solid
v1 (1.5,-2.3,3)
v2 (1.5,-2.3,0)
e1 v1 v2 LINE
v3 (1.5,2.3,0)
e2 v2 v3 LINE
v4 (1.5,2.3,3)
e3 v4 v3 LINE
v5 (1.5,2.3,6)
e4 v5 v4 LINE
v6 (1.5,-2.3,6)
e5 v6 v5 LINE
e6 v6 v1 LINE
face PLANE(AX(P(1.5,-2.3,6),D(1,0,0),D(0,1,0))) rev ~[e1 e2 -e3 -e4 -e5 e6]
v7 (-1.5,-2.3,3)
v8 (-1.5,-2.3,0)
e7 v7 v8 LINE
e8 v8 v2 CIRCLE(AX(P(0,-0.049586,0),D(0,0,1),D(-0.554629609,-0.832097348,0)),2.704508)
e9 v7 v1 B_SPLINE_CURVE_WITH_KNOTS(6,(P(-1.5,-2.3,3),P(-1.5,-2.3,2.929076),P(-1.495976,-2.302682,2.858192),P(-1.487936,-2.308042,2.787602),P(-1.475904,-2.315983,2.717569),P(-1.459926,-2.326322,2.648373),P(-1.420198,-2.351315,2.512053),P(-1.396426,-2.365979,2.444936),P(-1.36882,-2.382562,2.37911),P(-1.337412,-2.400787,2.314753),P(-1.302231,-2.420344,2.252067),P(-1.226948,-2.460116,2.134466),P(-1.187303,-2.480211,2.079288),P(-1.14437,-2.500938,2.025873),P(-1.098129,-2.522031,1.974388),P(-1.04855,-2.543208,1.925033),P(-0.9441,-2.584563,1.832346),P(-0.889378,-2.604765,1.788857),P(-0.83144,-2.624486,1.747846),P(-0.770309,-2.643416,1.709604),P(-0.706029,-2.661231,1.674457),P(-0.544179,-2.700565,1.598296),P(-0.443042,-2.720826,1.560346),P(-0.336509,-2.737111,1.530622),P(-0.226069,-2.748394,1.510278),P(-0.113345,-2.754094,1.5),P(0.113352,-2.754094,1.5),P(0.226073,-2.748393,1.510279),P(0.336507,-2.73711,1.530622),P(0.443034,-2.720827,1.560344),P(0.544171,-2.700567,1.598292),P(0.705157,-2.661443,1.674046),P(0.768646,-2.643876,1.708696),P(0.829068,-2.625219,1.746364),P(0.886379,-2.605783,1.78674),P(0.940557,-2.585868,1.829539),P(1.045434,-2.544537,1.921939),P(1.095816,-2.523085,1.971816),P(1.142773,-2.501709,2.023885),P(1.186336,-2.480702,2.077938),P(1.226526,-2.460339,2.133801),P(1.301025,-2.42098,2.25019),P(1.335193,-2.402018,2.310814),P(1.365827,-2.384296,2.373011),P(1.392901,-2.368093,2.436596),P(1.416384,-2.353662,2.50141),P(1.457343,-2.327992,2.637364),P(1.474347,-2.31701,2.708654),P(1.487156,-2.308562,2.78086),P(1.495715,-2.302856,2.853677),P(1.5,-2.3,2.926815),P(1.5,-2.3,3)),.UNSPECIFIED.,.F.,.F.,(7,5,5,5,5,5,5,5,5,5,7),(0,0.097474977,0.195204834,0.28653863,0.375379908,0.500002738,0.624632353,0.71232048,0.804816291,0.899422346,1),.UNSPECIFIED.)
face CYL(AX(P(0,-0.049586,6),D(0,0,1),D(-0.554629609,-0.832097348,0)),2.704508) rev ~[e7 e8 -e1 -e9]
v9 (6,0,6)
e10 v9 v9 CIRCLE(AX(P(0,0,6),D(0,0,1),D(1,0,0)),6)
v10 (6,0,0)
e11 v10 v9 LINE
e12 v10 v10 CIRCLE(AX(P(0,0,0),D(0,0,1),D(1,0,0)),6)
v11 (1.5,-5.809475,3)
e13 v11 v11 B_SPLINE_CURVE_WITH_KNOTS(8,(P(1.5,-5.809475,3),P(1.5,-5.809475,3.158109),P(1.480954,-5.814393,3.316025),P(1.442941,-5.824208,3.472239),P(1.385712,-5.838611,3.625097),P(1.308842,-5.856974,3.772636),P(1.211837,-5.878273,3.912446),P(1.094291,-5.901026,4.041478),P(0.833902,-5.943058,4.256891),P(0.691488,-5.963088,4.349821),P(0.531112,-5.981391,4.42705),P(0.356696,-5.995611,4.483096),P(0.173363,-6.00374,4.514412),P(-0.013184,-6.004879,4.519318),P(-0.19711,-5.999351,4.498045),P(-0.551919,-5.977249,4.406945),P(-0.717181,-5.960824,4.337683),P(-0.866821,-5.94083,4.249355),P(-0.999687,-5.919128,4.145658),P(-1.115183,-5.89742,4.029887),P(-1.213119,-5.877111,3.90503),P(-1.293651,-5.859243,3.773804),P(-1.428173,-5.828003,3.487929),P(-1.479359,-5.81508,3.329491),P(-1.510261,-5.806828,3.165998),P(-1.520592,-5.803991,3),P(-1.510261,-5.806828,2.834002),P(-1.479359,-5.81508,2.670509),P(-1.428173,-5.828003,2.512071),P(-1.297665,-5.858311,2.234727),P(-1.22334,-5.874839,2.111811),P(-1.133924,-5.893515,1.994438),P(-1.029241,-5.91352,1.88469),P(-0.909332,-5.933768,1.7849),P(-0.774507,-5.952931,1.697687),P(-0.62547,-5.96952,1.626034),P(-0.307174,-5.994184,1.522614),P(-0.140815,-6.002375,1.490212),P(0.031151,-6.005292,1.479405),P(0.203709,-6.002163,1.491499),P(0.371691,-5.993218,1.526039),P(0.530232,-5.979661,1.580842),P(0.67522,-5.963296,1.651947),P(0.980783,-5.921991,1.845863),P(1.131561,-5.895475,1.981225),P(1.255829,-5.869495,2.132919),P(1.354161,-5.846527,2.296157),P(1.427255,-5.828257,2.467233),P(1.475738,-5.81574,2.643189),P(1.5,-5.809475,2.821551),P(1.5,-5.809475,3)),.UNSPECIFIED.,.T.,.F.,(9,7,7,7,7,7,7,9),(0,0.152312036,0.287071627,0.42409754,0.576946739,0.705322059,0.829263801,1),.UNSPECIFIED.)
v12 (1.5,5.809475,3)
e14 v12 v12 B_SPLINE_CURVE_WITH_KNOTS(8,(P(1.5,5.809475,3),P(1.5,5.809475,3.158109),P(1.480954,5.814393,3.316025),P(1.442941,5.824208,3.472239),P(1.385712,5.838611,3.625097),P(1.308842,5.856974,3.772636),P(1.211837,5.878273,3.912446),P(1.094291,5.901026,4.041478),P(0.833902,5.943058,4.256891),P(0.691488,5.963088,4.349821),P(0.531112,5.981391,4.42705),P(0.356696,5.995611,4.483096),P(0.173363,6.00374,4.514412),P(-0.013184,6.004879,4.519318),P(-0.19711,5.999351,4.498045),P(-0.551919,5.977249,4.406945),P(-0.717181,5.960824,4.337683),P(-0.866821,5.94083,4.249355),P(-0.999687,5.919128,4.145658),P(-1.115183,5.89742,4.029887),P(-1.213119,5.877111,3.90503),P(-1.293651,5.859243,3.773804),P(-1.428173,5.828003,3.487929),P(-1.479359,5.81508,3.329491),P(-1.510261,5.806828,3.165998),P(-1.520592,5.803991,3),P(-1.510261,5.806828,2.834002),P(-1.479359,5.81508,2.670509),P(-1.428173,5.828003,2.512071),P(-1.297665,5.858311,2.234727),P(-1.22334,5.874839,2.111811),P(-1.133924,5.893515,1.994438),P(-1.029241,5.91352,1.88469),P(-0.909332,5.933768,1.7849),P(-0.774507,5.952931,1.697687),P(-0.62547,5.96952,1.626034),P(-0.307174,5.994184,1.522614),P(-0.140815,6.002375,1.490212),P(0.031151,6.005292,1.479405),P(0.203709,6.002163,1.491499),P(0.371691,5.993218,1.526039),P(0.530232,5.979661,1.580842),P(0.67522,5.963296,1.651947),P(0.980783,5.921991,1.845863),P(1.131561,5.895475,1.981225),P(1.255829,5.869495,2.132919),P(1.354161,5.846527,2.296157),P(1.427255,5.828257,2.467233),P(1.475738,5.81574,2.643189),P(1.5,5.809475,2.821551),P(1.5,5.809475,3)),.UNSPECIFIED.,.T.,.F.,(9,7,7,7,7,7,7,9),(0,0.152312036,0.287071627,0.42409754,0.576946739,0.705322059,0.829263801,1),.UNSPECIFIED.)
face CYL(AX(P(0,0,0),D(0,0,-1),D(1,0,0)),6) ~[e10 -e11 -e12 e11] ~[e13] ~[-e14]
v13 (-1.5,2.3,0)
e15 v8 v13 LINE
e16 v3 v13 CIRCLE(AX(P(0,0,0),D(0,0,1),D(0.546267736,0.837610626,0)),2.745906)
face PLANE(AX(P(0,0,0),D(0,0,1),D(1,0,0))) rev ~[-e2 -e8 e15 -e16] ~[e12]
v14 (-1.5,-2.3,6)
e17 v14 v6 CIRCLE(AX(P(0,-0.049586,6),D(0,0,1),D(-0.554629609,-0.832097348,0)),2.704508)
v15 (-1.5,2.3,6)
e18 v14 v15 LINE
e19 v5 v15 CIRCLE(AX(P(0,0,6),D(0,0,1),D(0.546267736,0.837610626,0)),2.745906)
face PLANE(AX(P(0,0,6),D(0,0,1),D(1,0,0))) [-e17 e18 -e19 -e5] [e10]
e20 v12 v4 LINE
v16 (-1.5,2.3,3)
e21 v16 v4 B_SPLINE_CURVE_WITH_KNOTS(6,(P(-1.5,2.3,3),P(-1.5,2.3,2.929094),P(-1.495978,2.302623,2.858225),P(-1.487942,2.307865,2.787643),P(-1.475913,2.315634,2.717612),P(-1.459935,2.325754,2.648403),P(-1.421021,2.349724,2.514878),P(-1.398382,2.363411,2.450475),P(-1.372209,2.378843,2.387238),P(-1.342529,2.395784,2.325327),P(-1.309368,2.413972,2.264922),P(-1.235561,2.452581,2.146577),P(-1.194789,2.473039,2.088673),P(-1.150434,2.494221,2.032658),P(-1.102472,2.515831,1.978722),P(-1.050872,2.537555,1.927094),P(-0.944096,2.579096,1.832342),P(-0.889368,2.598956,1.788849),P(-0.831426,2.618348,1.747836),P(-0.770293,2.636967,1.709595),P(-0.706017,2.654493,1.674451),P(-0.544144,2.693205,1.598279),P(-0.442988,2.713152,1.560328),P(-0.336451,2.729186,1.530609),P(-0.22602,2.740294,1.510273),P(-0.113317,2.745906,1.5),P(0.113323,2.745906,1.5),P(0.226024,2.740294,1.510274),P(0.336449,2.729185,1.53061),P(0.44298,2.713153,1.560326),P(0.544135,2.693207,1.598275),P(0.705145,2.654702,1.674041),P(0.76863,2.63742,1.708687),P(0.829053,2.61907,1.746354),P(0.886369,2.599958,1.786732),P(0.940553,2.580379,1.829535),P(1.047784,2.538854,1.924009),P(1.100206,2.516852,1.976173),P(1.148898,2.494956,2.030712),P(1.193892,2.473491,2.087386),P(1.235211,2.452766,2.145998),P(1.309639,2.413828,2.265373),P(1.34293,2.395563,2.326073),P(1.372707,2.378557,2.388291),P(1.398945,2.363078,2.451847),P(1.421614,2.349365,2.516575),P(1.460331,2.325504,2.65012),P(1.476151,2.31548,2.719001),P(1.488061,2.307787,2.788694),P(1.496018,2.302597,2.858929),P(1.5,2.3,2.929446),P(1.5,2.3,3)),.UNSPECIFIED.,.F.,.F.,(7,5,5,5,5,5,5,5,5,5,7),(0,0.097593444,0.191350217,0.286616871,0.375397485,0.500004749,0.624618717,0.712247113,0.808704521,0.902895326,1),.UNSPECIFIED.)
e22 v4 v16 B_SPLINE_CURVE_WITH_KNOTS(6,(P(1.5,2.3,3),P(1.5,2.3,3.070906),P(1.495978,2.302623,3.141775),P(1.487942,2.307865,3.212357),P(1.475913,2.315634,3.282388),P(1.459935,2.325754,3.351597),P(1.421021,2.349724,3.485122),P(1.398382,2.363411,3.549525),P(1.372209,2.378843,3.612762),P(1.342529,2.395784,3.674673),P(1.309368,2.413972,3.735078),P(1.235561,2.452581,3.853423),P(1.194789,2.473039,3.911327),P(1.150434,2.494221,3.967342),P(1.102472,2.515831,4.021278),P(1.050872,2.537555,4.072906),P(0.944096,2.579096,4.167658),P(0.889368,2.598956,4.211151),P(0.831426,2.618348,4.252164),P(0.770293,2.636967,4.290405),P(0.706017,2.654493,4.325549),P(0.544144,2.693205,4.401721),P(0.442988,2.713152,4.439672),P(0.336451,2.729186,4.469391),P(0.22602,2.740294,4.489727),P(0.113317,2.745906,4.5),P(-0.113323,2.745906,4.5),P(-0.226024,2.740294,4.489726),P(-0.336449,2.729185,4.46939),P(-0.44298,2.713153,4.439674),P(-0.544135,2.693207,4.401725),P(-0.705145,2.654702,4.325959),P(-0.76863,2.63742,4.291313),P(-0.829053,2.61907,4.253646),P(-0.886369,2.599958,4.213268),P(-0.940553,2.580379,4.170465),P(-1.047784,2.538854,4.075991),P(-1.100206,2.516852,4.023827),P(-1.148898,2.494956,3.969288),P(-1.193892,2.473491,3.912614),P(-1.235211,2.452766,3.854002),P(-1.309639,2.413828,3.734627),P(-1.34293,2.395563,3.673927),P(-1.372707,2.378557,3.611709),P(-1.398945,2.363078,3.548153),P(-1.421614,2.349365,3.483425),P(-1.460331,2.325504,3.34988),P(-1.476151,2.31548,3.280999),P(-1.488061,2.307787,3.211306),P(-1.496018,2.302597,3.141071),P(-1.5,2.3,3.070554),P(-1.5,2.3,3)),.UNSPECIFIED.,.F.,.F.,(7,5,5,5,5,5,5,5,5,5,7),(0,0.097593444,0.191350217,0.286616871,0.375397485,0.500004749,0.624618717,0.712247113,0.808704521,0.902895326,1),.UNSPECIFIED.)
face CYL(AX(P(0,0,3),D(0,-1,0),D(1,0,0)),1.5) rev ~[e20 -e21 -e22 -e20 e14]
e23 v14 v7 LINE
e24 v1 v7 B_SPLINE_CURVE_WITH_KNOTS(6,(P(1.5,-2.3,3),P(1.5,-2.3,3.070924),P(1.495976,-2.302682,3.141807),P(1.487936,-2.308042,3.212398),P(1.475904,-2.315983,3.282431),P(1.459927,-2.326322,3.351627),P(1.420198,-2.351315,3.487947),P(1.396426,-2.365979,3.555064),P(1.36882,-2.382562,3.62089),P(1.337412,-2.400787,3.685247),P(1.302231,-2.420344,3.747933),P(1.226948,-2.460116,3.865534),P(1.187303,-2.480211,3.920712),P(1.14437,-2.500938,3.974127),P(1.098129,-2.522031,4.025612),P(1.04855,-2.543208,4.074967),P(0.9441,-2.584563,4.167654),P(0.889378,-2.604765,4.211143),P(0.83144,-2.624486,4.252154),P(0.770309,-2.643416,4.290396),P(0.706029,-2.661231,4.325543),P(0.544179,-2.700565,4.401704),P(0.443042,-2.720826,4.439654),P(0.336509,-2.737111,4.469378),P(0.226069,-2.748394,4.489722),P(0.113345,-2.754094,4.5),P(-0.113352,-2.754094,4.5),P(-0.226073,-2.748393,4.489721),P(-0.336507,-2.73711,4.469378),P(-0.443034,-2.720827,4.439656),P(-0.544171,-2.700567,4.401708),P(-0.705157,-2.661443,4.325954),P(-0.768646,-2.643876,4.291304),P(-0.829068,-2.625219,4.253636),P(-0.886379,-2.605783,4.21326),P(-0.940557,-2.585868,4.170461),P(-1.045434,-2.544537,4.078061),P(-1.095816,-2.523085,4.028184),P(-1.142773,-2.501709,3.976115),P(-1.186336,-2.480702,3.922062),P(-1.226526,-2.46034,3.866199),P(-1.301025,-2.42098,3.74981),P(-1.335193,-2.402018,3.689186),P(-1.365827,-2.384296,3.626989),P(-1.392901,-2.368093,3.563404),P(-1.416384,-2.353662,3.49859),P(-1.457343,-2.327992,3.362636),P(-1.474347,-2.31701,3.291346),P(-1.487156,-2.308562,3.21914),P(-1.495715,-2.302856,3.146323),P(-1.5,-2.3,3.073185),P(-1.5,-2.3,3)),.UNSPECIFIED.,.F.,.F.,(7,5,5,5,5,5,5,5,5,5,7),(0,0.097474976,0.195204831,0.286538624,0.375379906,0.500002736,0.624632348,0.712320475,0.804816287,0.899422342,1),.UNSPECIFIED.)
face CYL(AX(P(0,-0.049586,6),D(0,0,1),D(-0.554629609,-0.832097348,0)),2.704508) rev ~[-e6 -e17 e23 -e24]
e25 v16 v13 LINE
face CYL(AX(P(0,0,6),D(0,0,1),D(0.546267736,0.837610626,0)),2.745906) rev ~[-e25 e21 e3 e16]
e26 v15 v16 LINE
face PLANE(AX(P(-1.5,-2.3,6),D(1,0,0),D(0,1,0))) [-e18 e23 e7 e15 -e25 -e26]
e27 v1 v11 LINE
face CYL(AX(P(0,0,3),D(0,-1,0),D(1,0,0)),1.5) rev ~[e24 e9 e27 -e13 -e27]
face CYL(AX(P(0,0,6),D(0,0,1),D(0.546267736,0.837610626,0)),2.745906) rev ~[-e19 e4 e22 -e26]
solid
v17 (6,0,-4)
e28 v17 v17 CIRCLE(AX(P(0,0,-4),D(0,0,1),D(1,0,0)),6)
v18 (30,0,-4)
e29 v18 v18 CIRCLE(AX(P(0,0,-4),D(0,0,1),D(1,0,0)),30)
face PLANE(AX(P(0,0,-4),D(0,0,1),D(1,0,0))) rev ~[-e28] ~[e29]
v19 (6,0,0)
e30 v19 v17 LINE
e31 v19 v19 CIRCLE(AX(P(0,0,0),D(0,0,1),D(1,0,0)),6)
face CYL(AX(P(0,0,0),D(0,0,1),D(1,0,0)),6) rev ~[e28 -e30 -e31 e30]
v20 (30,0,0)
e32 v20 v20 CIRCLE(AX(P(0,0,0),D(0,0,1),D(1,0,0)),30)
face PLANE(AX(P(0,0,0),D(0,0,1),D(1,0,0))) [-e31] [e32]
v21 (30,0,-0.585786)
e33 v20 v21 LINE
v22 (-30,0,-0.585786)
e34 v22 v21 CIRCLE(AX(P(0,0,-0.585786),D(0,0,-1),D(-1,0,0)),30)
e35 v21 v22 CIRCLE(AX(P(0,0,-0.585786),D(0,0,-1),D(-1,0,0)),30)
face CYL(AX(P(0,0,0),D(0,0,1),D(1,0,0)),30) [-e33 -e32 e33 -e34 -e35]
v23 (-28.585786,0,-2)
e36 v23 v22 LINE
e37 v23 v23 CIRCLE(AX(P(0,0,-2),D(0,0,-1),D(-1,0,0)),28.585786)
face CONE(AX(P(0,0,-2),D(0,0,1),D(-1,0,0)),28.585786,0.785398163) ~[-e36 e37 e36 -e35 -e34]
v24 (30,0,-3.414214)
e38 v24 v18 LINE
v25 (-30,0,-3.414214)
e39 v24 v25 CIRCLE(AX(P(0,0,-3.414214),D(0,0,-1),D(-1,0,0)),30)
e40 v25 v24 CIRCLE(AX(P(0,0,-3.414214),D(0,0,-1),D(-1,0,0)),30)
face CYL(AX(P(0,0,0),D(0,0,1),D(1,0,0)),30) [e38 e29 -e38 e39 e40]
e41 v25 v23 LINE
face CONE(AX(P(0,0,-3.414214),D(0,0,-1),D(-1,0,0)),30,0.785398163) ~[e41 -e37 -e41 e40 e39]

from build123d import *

# Parameters (mm, degrees)
F0_R     = 30
F0_R_2   = 6
F1_DEPTH = 4
F2_DEPTH = 6
F3_R     = 1.5
F4_DEPTH = 12.5
F5_W     = 3
F5_H     = 4.6
F6_DEPTH = 9.4


with BuildPart() as f1:
    # F0 (on Top) → F1 (new body)
    with BuildSketch(Plane.XY):
        Circle(F0_R)
        Circle(F0_R_2, mode=Mode.SUBTRACT)
    extrude(amount=-F1_DEPTH)

    # F7 (on Front) → F8 (revolve, cut)
    with BuildSketch(Plane.XZ):
        Polygon((-30, -0.585786), (-30, -3.414214), (-28.585786, -2), align=None)
    revolve(axis=Axis((0, 0, 1.456971), (0, 0, -1)), mode=Mode.SUBTRACT)


with BuildPart() as f2:
    # F0 (on Top) → F2 (new body)
    with BuildSketch(Plane.XY):
        Circle(F0_R_2)
    extrude(amount=F2_DEPTH)

    # F3 (on Front) → F4 (cut, symmetric)
    with BuildSketch(Plane.XZ):
        with Locations((0, 3)):
            Circle(F3_R)
    extrude(amount=F4_DEPTH, both=True, mode=Mode.SUBTRACT)

    # F5 (on face) → F6 (cut)
    with BuildSketch(Plane.XY.offset(6)):
        Rectangle(F5_W, F5_H)
        with BuildLine():
            Line((1.5, -2.3), (-1.5, -2.3))
            ThreePointArc((-1.5, -2.3), (0, -2.754094), (1.5, -2.3))
        make_face()
        with BuildLine():
            ThreePointArc((1.5, 2.3), (0, 2.745906), (-1.5, 2.3))
            Line((-1.5, 2.3), (1.5, 2.3))
        make_face()
    extrude(amount=-F6_DEPTH, mode=Mode.SUBTRACT)


solid = Compound([f1.part, f2.part])
